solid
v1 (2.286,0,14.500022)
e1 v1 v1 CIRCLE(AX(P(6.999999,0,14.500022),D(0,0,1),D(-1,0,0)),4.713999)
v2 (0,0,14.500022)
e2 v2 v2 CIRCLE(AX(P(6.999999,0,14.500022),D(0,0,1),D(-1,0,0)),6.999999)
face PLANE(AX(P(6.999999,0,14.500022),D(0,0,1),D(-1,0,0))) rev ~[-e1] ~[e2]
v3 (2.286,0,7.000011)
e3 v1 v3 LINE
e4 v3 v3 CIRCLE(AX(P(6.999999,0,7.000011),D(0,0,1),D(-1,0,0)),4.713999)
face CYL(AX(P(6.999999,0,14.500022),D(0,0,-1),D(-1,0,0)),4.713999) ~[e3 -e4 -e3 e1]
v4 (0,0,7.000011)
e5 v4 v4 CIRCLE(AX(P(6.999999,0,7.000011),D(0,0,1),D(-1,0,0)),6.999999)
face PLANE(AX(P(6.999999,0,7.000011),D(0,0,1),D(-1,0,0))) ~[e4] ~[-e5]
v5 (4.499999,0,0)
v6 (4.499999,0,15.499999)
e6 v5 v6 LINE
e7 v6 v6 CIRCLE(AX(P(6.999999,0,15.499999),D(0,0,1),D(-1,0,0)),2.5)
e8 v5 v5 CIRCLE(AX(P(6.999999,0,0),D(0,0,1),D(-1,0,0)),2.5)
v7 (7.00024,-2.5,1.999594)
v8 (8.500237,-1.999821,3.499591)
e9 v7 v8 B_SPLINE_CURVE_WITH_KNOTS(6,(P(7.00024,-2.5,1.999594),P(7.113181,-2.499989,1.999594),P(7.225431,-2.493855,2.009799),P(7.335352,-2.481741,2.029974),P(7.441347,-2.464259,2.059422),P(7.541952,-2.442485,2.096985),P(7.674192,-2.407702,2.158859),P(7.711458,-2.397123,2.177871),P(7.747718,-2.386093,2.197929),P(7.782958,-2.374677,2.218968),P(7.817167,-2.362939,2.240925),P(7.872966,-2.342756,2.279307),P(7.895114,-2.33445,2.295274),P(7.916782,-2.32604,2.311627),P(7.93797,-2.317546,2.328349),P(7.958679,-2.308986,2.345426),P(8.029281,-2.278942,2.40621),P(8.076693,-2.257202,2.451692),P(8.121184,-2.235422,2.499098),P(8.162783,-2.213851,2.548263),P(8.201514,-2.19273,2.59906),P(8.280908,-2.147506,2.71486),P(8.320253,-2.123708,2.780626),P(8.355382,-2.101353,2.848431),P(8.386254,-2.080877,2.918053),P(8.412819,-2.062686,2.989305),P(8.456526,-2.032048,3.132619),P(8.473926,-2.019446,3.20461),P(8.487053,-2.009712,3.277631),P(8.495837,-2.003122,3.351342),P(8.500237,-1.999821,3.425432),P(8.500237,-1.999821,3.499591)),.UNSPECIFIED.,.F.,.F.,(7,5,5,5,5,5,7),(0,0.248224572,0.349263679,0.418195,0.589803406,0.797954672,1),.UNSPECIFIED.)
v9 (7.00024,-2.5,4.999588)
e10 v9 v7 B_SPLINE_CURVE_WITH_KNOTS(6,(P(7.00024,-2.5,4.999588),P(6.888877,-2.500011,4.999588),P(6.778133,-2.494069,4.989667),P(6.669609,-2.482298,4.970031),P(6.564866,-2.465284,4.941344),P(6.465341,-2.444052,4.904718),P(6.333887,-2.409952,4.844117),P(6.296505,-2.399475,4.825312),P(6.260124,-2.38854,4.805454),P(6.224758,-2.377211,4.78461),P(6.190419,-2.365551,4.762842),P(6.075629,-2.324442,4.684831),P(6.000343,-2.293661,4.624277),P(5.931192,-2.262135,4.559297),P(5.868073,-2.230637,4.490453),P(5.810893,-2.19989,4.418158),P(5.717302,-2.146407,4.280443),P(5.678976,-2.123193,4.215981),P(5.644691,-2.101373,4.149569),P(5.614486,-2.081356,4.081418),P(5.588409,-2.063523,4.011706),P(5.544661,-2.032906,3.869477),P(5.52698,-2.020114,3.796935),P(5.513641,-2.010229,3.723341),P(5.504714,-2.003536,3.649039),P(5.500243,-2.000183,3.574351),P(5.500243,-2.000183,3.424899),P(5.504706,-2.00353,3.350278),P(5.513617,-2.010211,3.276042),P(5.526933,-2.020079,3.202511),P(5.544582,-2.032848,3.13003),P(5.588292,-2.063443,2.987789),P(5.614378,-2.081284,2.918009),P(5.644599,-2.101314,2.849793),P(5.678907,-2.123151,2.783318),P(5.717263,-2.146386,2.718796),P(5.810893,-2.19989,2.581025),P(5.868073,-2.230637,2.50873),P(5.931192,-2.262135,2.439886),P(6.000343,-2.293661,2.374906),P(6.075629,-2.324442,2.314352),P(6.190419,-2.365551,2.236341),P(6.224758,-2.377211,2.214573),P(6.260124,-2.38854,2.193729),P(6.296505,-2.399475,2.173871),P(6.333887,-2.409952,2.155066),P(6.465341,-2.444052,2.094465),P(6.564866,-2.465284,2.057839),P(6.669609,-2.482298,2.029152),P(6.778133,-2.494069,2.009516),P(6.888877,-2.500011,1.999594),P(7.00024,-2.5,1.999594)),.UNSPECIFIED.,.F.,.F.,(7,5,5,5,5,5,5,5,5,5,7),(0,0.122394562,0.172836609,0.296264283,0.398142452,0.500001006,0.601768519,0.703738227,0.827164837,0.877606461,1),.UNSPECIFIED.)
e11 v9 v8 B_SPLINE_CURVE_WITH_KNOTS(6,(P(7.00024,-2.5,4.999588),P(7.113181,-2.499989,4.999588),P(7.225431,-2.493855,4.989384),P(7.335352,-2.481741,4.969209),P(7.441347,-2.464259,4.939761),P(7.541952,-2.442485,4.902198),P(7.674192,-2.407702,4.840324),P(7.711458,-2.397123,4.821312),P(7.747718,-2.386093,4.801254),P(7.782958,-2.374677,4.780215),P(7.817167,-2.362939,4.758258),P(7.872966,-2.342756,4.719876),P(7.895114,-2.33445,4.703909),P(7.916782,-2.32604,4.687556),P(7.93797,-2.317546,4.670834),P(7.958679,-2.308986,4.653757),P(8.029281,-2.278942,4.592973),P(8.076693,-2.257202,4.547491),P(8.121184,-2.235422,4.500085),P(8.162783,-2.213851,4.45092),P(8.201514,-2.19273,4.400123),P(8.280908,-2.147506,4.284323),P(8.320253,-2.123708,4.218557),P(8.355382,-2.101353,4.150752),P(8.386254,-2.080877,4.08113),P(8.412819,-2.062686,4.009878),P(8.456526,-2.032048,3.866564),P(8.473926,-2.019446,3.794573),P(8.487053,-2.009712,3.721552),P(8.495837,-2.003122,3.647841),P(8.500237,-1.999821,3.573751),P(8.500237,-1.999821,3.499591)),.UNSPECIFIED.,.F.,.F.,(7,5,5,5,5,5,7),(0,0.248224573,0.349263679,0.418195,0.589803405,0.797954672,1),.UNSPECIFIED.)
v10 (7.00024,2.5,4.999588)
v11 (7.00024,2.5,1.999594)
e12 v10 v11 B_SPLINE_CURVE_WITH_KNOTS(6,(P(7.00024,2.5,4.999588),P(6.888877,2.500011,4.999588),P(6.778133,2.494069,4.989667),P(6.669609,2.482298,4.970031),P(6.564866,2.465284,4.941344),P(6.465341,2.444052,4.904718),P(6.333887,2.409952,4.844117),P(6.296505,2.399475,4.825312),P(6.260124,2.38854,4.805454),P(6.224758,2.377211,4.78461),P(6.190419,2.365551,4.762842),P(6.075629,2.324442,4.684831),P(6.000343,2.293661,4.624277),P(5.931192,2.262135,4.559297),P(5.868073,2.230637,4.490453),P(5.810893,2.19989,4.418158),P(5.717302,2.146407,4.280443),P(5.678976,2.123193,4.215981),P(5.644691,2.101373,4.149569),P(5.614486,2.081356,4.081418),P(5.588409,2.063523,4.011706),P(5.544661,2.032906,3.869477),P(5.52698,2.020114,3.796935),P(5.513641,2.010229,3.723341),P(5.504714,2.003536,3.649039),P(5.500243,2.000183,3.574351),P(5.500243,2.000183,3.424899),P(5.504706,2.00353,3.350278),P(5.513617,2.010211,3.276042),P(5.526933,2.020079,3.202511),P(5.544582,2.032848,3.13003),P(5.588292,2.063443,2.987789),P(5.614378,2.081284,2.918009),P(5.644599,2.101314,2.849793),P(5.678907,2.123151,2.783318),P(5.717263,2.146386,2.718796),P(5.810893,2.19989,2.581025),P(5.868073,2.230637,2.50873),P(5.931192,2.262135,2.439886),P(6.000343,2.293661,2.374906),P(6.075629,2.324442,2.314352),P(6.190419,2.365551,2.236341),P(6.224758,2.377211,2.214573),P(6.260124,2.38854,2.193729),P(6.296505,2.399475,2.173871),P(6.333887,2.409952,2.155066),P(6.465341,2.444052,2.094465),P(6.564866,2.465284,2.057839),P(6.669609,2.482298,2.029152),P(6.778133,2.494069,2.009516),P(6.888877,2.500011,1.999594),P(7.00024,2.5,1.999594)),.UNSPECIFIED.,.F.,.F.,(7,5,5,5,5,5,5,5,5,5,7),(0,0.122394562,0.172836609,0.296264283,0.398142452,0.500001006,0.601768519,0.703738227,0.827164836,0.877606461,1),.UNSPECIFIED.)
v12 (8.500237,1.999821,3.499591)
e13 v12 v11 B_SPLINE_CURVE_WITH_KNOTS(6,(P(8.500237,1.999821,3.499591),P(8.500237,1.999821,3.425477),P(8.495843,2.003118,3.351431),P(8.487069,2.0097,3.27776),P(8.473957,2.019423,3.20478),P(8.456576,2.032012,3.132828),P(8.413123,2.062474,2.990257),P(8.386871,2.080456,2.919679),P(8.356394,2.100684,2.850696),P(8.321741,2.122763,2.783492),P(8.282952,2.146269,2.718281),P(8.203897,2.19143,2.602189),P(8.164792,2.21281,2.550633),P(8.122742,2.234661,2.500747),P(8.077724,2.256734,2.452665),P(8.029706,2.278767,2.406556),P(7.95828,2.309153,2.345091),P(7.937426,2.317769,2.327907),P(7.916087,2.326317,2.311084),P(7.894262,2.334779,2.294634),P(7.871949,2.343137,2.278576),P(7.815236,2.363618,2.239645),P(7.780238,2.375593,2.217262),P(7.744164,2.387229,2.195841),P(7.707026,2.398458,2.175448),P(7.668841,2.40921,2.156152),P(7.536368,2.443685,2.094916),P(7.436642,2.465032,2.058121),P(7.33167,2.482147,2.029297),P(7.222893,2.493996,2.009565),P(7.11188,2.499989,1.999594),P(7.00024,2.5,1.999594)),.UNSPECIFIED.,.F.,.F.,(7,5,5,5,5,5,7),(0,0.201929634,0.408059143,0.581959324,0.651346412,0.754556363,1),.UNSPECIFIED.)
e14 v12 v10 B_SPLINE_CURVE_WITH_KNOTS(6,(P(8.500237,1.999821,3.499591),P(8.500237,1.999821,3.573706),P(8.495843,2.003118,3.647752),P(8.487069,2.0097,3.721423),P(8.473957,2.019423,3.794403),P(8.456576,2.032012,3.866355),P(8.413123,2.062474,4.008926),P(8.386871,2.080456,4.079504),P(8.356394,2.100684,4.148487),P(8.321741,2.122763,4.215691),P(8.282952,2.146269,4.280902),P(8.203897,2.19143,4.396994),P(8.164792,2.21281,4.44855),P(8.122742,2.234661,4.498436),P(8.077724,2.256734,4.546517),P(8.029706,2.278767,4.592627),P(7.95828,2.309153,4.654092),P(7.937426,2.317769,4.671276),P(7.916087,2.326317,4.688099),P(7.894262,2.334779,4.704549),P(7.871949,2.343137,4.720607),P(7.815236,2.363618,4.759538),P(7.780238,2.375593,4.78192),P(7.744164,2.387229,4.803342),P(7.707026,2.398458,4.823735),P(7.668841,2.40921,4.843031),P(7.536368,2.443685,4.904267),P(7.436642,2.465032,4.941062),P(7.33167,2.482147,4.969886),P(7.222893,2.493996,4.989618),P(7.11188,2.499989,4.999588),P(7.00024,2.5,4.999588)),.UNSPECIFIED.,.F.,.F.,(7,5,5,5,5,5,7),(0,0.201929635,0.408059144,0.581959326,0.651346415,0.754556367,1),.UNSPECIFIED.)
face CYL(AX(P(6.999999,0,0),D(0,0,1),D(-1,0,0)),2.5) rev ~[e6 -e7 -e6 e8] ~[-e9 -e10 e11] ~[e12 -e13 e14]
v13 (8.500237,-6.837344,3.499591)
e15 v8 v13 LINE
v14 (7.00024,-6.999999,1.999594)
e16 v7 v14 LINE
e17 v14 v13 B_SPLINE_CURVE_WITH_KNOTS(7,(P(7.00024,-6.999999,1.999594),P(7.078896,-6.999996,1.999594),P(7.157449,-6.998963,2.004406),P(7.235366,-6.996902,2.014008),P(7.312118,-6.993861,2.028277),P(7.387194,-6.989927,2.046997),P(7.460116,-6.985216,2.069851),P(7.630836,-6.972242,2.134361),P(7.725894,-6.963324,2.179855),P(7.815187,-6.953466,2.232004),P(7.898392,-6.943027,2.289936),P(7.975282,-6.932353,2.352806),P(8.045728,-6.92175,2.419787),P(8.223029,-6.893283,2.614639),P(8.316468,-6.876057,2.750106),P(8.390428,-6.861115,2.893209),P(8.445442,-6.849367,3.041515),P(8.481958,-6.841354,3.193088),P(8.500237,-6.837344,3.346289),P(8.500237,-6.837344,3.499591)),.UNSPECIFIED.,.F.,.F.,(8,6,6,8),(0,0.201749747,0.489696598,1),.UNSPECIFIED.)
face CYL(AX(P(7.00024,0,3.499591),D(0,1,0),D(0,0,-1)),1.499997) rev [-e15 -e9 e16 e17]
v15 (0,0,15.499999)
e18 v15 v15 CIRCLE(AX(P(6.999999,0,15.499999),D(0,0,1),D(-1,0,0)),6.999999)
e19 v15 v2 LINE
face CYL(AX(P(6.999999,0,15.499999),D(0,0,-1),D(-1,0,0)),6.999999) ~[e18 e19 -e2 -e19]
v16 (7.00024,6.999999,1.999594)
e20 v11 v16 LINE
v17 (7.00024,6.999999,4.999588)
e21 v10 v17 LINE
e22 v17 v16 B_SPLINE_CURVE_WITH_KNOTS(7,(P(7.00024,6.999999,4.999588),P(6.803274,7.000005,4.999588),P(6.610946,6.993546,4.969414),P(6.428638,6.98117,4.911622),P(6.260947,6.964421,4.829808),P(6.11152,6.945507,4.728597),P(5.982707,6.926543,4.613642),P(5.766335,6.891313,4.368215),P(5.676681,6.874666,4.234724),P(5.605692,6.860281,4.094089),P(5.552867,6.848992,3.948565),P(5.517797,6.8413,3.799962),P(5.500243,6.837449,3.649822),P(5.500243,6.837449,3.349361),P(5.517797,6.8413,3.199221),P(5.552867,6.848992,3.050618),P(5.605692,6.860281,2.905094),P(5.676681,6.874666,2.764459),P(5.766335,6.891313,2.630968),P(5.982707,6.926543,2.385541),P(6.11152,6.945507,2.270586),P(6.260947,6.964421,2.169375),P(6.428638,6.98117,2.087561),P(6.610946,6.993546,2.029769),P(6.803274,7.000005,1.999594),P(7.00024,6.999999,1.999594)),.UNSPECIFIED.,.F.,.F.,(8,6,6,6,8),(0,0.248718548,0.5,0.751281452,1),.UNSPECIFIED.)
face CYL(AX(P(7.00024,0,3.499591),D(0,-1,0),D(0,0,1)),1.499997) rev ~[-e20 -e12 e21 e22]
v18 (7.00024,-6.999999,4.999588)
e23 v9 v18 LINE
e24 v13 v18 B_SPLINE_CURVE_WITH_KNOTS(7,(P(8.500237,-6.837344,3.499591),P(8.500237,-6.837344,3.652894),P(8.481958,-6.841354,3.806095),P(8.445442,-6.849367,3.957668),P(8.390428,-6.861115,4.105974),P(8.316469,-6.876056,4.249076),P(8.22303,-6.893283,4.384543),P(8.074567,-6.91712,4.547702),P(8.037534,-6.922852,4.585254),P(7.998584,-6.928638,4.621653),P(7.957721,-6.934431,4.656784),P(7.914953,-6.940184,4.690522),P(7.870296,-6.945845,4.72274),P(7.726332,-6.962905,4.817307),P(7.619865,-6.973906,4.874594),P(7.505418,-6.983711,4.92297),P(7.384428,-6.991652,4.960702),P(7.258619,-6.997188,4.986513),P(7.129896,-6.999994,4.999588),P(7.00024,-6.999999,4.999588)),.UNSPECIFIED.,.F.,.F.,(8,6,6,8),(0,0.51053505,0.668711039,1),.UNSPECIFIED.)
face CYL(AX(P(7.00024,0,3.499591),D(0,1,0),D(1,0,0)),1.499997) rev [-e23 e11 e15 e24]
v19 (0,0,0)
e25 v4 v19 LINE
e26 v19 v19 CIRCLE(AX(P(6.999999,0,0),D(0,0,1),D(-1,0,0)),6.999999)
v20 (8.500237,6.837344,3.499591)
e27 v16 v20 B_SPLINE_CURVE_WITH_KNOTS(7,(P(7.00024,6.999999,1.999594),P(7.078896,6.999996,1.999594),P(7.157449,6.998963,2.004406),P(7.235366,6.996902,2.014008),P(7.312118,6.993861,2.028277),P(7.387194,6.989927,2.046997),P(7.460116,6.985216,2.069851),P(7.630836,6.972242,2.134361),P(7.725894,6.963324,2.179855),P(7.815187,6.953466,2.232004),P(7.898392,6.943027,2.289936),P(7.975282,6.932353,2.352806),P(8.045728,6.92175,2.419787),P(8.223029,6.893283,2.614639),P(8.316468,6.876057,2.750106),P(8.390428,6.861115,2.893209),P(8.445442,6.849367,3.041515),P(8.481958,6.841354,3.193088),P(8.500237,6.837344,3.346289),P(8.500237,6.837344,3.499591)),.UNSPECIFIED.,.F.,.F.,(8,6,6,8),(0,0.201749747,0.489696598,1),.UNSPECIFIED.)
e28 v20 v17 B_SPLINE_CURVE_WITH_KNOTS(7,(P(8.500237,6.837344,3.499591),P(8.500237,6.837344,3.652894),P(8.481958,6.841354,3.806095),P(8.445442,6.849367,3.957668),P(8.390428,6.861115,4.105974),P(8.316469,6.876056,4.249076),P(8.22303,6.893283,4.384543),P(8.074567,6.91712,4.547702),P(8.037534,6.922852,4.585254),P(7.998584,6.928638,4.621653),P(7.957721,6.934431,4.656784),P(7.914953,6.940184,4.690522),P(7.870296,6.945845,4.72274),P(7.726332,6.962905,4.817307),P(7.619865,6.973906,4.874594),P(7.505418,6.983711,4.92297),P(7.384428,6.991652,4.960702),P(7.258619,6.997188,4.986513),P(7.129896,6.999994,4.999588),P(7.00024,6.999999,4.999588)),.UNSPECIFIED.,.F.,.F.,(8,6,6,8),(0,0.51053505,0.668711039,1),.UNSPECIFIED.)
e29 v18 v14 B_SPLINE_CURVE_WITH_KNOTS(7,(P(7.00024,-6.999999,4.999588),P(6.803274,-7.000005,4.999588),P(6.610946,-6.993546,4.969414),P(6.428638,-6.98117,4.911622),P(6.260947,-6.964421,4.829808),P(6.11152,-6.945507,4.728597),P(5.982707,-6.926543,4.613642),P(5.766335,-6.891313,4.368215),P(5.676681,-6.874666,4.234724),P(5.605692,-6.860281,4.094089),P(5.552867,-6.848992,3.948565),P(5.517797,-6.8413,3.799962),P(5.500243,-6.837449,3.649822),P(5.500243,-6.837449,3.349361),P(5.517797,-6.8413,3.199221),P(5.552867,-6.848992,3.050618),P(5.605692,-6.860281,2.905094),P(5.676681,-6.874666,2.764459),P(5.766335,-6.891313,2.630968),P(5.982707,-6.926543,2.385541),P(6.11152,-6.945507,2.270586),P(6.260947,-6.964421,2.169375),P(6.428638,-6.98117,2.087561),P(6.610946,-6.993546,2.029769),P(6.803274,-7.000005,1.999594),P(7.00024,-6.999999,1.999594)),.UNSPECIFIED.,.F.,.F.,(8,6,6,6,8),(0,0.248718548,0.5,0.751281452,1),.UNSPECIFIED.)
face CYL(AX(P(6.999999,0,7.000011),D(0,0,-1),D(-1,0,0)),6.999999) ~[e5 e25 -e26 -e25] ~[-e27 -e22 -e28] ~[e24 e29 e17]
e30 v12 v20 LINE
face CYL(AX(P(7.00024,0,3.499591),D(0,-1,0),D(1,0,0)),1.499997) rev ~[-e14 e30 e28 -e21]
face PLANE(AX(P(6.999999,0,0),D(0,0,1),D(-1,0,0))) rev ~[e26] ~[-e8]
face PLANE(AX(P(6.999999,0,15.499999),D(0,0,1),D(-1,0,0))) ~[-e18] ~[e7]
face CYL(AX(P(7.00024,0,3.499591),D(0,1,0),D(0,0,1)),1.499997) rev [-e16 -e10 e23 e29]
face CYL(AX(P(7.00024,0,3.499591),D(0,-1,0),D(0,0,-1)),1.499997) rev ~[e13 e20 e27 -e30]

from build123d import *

# Parameters (mm, degrees)
F3_DEPTH = 7.0009987
F4_DEPTH = 25.4


with BuildPart() as f1:
    # F0 (on Front) → F1 (revolve)
    with BuildSketch(Plane.XZ):
        Polygon((0, 7.0000114), (0, 0), (4.49999862, 0), (4.49999862, 15.49999948), (0, 15.49999948), (0, 14.5000218), (2.286, 14.5000218), (2.286, 7.0000114), align=None)
    revolve(axis=Axis((6.9999987, 0, 7.74999974), (0, 0, 1)))

    # F2 (on Front) → F3 (cut, through all)
    with BuildSketch(Plane.XZ):
        with BuildLine():
            Line((7.00024, 4.9995884903), (7.00024, 1.9995944903))
            ThreePointArc((7.00024, 1.9995944903), (8.0608980505, 2.4389334398), (8.500237, 3.4995914903))
            ThreePointArc((8.500237, 3.4995914903), (8.0608980505, 4.5602495407), (7.00024, 4.9995884903))
        make_face()
        with BuildLine():
            ThreePointArc((7.00024, 4.9995884903), (5.500243, 3.4995914903), (7.00024, 1.9995944903))
            Line((7.00024, 1.9995944903), (7.00024, 4.9995884903))
        make_face()
    extrude(amount=-F3_DEPTH, mode=Mode.SUBTRACT)

    # F2 (on Front) → F4 (cut)
    with BuildSketch(Plane.XZ):
        with BuildLine():
            ThreePointArc((7.00024, 4.9995884903), (5.500243, 3.4995914903), (7.00024, 1.9995944903))
            Line((7.00024, 1.9995944903), (7.00024, 4.9995884903))
        make_face()
        with BuildLine():
            Line((7.00024, 4.9995884903), (7.00024, 1.9995944903))
            ThreePointArc((7.00024, 1.9995944903), (8.0608980505, 2.4389334398), (8.500237, 3.4995914903))
            ThreePointArc((8.500237, 3.4995914903), (8.0608980505, 4.5602495407), (7.00024, 4.9995884903))
        make_face()
    extrude(amount=F4_DEPTH, mode=Mode.SUBTRACT)


solid = f1.part
